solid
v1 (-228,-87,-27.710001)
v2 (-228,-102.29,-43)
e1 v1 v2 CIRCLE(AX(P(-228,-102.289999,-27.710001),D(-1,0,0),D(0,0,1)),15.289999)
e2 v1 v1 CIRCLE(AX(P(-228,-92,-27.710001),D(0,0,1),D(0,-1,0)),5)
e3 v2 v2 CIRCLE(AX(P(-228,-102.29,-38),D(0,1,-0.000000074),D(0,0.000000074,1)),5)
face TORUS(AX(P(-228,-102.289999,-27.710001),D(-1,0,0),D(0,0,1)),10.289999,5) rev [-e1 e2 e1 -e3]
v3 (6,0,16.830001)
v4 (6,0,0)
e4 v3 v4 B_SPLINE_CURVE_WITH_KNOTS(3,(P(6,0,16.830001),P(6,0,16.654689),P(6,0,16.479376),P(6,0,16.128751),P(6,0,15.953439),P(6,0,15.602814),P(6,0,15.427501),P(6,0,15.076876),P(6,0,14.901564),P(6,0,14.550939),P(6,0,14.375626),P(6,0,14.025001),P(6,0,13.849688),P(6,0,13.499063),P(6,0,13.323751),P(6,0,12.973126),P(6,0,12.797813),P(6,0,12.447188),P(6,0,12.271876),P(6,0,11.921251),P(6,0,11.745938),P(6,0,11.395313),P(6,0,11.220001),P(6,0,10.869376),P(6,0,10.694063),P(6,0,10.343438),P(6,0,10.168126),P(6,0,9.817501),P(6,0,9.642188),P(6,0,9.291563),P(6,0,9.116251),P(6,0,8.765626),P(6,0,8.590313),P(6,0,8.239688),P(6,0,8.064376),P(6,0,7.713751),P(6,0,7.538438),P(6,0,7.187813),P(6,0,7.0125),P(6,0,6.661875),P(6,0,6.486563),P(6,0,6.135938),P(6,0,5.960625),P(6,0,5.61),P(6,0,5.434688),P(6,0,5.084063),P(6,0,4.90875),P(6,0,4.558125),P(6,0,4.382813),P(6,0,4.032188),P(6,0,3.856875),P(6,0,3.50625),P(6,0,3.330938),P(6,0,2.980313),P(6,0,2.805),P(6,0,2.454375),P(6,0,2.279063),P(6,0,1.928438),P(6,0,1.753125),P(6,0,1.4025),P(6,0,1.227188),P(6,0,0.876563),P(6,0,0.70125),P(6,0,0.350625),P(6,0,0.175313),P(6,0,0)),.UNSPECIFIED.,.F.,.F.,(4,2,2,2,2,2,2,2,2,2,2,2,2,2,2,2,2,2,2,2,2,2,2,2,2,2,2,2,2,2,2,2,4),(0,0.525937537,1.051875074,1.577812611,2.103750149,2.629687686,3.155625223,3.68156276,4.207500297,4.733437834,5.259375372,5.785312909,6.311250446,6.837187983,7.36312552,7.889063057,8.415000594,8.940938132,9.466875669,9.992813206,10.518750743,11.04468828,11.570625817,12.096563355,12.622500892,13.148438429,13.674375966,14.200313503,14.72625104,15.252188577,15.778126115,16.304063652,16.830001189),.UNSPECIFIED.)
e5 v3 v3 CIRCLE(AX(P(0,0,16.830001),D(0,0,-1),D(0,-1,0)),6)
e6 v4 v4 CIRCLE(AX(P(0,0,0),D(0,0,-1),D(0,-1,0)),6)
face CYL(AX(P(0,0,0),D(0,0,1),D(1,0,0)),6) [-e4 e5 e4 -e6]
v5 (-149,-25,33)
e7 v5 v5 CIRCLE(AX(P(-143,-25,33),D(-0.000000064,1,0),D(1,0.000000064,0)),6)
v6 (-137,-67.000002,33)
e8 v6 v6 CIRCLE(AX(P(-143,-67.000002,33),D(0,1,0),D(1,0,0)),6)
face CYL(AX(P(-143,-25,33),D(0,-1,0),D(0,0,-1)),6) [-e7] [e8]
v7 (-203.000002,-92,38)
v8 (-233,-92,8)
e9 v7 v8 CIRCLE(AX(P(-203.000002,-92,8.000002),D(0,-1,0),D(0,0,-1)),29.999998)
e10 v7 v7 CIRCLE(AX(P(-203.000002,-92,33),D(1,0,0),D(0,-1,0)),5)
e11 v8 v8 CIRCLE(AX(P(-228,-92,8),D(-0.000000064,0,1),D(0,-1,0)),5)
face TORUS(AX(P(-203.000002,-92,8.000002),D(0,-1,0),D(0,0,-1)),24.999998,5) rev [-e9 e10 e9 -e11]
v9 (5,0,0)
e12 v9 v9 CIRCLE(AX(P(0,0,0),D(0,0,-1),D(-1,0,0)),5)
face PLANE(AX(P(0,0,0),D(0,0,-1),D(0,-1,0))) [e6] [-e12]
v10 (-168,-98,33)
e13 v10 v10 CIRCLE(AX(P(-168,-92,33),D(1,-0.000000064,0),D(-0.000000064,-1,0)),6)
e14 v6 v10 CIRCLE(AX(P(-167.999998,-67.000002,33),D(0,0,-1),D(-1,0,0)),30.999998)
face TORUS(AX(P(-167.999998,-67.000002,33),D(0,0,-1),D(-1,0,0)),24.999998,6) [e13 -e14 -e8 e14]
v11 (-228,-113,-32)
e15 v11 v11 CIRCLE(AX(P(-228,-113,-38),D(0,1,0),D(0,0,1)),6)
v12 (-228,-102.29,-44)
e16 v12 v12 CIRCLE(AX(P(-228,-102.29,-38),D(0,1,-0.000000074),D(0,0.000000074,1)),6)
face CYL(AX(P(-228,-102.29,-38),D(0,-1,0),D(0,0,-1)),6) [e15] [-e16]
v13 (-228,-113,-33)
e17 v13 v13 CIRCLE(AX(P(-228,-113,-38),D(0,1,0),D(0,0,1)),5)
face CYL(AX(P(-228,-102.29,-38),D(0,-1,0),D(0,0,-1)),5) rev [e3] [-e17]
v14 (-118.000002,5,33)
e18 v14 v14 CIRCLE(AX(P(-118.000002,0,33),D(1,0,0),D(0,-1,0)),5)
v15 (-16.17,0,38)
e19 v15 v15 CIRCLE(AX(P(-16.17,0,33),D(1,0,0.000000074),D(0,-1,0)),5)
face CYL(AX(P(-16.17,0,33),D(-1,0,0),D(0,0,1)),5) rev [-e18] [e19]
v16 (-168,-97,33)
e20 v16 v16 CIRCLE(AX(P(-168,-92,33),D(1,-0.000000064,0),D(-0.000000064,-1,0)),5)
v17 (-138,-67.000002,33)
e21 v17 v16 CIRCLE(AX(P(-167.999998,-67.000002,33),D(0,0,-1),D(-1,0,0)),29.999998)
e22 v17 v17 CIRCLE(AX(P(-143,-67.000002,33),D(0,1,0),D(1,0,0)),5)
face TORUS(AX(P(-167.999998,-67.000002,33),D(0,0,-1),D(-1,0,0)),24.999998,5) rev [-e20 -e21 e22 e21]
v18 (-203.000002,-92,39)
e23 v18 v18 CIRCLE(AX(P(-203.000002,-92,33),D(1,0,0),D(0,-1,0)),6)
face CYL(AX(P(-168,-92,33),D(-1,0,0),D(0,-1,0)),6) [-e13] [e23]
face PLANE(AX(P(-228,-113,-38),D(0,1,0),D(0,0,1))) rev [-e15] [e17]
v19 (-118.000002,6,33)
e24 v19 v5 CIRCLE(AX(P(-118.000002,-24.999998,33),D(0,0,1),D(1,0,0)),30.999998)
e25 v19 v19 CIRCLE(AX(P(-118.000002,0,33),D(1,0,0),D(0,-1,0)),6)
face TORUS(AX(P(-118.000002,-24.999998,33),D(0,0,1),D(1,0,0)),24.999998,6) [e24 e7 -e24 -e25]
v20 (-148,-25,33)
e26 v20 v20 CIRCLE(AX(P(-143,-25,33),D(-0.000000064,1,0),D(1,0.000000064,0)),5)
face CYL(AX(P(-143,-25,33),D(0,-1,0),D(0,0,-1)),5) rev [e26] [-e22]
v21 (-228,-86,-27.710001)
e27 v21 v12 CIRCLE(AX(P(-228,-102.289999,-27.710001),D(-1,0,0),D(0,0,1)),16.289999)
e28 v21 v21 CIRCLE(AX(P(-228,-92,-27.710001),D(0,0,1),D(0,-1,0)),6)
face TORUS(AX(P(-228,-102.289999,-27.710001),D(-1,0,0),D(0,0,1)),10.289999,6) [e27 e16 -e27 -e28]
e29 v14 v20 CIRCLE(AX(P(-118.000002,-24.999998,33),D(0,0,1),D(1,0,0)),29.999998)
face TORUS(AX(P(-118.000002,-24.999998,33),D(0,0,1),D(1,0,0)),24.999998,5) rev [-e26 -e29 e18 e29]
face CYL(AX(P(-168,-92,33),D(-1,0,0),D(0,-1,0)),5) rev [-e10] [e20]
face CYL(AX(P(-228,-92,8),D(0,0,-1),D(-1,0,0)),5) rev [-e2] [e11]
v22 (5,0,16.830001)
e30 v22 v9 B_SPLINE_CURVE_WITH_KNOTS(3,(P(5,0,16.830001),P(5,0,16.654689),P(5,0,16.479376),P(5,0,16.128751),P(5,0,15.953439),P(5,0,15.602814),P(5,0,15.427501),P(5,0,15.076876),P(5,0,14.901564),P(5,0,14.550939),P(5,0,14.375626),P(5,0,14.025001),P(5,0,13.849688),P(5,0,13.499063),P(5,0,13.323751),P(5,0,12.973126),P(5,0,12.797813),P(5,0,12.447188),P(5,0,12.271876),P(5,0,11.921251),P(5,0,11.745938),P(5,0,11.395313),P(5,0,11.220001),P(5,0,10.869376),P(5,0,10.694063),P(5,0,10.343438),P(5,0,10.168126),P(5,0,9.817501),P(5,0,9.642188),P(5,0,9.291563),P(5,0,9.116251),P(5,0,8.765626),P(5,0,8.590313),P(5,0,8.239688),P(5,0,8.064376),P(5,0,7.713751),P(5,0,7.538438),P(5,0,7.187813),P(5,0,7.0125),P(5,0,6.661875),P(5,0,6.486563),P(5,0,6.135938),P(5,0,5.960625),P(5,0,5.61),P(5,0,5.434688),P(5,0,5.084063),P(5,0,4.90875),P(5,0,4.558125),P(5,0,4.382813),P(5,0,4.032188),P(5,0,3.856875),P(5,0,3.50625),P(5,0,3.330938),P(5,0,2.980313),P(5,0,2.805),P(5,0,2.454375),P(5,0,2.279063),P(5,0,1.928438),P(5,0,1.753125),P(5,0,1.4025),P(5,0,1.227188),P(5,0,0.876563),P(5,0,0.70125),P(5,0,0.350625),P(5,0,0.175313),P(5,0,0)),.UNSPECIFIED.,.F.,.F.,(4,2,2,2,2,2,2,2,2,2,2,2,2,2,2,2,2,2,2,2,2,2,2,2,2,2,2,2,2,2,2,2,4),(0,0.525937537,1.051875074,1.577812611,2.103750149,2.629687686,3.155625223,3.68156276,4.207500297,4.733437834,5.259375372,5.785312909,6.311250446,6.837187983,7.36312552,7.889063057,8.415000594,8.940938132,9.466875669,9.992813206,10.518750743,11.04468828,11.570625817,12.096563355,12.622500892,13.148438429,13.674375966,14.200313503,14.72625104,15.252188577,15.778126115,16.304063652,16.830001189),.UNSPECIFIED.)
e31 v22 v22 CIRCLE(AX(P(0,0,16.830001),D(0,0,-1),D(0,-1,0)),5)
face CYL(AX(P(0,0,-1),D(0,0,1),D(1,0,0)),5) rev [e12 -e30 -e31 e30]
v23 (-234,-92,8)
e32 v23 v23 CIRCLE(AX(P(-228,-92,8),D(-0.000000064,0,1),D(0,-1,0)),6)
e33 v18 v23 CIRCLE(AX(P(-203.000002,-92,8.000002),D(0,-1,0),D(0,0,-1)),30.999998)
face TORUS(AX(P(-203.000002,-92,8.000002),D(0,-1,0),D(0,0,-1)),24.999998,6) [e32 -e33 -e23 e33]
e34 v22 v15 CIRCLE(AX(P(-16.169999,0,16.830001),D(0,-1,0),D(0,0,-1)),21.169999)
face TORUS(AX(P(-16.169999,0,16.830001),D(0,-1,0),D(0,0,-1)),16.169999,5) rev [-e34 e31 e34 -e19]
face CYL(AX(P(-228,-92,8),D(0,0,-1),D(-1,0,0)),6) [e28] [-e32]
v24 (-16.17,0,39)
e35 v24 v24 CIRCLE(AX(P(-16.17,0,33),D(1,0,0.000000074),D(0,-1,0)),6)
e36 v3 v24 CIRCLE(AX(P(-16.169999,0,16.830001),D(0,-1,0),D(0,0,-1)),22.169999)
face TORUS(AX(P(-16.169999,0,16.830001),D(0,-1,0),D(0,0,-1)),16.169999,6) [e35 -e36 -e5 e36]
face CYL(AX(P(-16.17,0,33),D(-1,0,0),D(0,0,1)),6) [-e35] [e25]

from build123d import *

# Parameters (mm, degrees)
SWEEP1_PROFILE_R                           = 6
HOLLOW_TUBE_OD_AND_WALL_PROVISIONAL_PROF_R = 5


with BuildPart() as part:
    # Sweep1: sweep along a curve in space
    with BuildLine() as sweep1_path:
        Line((0, 0, 0), (0, 0, 16.830001189))
        ThreePointArc((0, 0, 16.830001189), (-4.73608342, 0, 28.26391742), (-16.17, 0, 33))
        Line((-16.17, 0, 33), (-118.000001606, 0, 33))
        ThreePointArc((-118.000001606, 0, 33), (-135.677670568, -7.322330568, 33), (-143, -25, 33))
        Line((-143, -25, 33), (-143, -67.000001606, 33))
        ThreePointArc((-143, -67.000001606, 33), (-150.322330568, -84.677670568, 33), (-168, -92, 33))
        Line((-168, -92, 33), (-203.000001606, -92, 33))
        ThreePointArc((-203.000001606, -92, 33), (-220.677670568, -92, 25.677669432), (-228, -92, 8))
        Line((-228, -92, 8), (-228, -92, -27.710000757))
        ThreePointArc((-228, -92, -27.710000757), (-228, -95.013871267, -34.986129267), (-228, -102.29, -38))
        Line((-228, -102.29, -38), (-228, -113, -38))
    # Sweep1 profile (on start of the path) → Sweep1 (sweep)
    with BuildSketch(Plane.XY):
        Circle(SWEEP1_PROFILE_R)
    sweep(path=sweep1_path.line)

    # Hollow_tube_OD_and_wall_PROVISIONAL: sweep along a curve in space
    with BuildLine() as hollow_tube_od_and_wall_provisional_path:
        Line((0, 0, 0), (0, 0, 16.830001189))
        ThreePointArc((0, 0, 16.830001189), (-4.73608342, 0, 28.26391742), (-16.17, 0, 33))
        Line((-16.17, 0, 33), (-118.000001606, 0, 33))
        ThreePointArc((-118.000001606, 0, 33), (-135.677670568, -7.322330568, 33), (-143, -25, 33))
        Line((-143, -25, 33), (-143, -67.000001606, 33))
        ThreePointArc((-143, -67.000001606, 33), (-150.322330568, -84.677670568, 33), (-168, -92, 33))
        Line((-168, -92, 33), (-203.000001606, -92, 33))
        ThreePointArc((-203.000001606, -92, 33), (-220.677670568, -92, 25.677669432), (-228, -92, 8))
        Line((-228, -92, 8), (-228, -92, -27.710000757))
        ThreePointArc((-228, -92, -27.710000757), (-228, -95.013871267, -34.986129267), (-228, -102.29, -38))
        Line((-228, -102.29, -38), (-228, -113, -38))
    # Hollow_tube_OD_and_wall_PROVISIONAL prof (on start of the path) → Hollow_tube_OD_and_wall_PROVISIONAL (sweep, cut)
    with BuildSketch(Plane.XY):
        Circle(HOLLOW_TUBE_OD_AND_WALL_PROVISIONAL_PROF_R)
    sweep(path=hollow_tube_od_and_wall_provisional_path.line, mode=Mode.SUBTRACT)


solid = part.part
